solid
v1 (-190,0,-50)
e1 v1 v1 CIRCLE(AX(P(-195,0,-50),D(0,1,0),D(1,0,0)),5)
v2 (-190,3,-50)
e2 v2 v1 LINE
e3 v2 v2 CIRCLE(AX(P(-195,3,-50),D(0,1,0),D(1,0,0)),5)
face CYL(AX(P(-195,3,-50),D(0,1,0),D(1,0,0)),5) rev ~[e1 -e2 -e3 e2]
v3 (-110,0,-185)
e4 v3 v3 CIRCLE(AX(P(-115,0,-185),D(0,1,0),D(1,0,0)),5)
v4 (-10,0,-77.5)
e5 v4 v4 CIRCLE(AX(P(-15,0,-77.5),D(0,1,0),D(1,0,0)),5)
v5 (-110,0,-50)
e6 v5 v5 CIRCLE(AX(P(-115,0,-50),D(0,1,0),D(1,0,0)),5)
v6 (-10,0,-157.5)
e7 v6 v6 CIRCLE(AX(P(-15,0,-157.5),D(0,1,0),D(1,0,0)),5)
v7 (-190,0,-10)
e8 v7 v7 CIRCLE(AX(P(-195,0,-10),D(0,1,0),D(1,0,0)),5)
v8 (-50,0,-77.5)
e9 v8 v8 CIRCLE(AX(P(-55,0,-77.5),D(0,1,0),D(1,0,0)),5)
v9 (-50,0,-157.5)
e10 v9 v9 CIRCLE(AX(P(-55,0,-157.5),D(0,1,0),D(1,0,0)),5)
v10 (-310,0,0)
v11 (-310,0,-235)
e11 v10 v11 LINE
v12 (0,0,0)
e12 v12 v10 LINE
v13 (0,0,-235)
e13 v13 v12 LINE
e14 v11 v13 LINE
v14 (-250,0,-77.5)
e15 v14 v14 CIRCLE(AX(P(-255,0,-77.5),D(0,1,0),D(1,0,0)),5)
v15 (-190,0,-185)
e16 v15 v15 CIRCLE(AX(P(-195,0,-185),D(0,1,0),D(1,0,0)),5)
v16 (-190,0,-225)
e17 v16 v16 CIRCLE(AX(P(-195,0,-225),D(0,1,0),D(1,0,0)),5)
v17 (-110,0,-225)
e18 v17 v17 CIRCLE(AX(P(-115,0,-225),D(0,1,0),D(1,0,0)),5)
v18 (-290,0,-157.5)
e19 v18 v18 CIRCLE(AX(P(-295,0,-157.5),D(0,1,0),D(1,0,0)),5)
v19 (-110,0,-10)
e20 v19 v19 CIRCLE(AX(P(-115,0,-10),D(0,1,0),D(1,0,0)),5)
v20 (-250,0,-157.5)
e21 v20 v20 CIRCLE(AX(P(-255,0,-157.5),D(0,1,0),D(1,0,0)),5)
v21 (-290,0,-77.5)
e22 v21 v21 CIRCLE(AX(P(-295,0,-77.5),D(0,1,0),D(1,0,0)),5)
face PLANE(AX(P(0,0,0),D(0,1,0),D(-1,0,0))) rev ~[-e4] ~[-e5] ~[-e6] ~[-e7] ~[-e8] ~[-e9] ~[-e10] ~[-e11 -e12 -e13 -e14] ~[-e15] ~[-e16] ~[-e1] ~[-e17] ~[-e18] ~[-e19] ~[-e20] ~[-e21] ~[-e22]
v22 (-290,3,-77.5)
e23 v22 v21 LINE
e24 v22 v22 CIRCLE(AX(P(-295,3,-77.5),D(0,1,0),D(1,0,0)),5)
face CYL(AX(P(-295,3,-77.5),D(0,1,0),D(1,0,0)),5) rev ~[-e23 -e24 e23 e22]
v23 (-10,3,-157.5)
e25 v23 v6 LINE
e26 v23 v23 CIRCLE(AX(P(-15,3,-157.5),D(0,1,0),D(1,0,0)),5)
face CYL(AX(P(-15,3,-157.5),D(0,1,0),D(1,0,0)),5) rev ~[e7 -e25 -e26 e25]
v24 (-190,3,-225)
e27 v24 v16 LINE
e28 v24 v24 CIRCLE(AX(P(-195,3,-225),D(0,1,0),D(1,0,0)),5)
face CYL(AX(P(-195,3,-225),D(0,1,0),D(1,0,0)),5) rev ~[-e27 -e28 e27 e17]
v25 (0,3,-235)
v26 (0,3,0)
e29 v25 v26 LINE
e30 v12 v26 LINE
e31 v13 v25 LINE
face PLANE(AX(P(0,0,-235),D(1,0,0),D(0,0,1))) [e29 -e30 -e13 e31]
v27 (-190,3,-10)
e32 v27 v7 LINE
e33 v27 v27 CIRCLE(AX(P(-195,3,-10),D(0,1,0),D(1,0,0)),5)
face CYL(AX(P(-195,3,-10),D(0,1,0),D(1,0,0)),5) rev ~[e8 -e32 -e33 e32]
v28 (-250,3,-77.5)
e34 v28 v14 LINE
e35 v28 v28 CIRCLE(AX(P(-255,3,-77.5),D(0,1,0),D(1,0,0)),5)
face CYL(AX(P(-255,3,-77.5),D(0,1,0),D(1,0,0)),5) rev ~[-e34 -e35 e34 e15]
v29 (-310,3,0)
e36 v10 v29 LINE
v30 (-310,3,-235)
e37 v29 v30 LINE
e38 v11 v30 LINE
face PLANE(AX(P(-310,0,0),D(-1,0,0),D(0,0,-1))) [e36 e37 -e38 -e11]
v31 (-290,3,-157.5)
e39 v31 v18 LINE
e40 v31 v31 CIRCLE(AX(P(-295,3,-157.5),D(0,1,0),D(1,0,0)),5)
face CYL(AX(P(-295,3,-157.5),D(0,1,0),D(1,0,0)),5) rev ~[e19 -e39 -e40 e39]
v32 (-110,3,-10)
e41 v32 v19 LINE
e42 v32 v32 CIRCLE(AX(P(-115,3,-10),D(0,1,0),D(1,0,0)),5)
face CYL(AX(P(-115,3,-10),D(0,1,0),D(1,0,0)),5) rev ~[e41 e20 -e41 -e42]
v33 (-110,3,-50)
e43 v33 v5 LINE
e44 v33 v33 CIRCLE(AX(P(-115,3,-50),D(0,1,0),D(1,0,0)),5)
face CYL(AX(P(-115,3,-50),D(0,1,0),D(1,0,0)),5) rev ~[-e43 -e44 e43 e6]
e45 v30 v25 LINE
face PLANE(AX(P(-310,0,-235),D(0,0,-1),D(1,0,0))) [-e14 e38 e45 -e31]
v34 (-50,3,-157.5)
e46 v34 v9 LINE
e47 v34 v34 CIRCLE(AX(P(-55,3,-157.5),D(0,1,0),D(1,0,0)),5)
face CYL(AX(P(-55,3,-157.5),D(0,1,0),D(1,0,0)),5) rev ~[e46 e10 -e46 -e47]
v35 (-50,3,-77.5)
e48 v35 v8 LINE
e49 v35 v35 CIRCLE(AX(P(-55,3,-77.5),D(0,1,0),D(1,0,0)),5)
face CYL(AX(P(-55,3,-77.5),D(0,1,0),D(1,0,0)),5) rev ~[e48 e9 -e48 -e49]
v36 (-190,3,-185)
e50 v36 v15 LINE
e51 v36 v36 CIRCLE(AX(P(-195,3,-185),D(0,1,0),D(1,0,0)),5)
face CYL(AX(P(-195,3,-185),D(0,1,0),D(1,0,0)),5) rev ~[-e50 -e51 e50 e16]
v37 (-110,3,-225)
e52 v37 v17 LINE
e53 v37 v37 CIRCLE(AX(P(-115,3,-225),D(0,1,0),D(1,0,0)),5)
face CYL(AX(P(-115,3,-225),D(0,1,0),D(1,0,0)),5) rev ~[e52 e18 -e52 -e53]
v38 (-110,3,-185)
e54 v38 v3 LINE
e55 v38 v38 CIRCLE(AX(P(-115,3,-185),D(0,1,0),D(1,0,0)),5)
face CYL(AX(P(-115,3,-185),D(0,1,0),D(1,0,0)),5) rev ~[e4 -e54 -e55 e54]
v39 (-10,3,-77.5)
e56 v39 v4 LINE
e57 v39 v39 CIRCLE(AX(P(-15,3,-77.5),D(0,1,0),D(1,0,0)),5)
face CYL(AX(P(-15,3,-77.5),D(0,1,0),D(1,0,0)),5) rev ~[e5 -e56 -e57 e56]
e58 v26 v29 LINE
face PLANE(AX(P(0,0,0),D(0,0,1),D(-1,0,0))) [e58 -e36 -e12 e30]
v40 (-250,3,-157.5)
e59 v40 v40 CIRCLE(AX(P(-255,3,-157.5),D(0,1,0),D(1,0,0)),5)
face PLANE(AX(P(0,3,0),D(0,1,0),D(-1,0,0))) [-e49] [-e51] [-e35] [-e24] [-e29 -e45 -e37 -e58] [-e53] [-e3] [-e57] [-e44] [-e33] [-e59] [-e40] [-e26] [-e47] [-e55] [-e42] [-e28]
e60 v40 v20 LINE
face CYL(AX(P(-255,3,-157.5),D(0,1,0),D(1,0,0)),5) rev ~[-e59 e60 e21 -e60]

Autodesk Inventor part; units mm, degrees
ref_plane "YZ Plane" through (0, 0, 0) normal (1, 0, 0) x (0, 1, 0)
ref_plane "XZ Plane" through (0, 0, 0) normal (0, 1, 0) x (-1, 0, 0)
ref_plane "XY Plane" through (0, 0, 0) normal (0, 0, 1) x (1, 0, 0)
sketch "スケッチ1" plane through (0, 0, 0) normal (0, 1, 0) x (-1, 0, 0)
  line L0 (0, 0) -> (310, 0)
  line L1 (310, 0) -> (310, -235)
  line L2 (310, -235) -> (0, -235)
  line L3 (0, -235) -> (0, 0)
  dimension "d0" = 310
  dimension "d1" = 235
extrude "押し出し1" add sketch "スケッチ1" along normal blind 3
sketch "スケッチ2" plane through (0, 3, 0) normal (0, 1, 0) x (1, 0, 0)
  line L0 (-155, -40) -> (-155, 284.5269)
  line L1 (-155, 284.5269) -> (-194.2717, 284.5269)
  line L2 (30, 117.5) -> (-350, 117.5)
  line L3 (0, 0) -> (0, 235) projected
  line L4 (-310, 0) -> (0, 0) projected
  circle A0 centre (-195, 10) radius 5
  circle A1 centre (-115, 10) radius 5
  circle A2 centre (-195, 225) radius 5
  circle A3 centre (-115, 225) radius 5
  circle A4 centre (-195, 50) radius 5
  circle A5 centre (-115, 50) radius 5
  circle A6 centre (-195, 185) radius 5
  circle A7 centre (-115, 185) radius 5
  circle A8 centre (-295, 157.5) radius 5
  line L5 (-310, 235) -> (-310, 0) projected
  circle A9 centre (-295, 77.5) radius 5
  circle A10 centre (-15, 157.5) radius 5
  circle A11 centre (-15, 77.5) radius 5
  circle A12 centre (-255, 157.5) radius 5
  circle A13 centre (-255, 77.5) radius 5
  circle A14 centre (-55, 157.5) radius 5
  circle A15 centre (-55, 77.5) radius 5
  dimension "d4" = 155
  dimension "d5" = 117.5
  dimension "d6" = 10
  dimension "d7" = 40
  dimension "d8" = 10
  dimension "d9" = 10
  dimension "d10" = 40
  dimension "d11" = 10
  dimension "d12" = 15
  dimension "d13" = 40
  dimension "d14" = 10
  dimension "d15" = 40
extrude "押し出し2" cut sketch "スケッチ2" against normal blind 3 contours A0 | A1 | A2 | A3 | A4 | A5 | A6 | A7 | A8 | A9 | A10 | A11 | A12 | A13 | A14 | A15
properties part number "base_diff_02" material "アルミニウム 6061"
